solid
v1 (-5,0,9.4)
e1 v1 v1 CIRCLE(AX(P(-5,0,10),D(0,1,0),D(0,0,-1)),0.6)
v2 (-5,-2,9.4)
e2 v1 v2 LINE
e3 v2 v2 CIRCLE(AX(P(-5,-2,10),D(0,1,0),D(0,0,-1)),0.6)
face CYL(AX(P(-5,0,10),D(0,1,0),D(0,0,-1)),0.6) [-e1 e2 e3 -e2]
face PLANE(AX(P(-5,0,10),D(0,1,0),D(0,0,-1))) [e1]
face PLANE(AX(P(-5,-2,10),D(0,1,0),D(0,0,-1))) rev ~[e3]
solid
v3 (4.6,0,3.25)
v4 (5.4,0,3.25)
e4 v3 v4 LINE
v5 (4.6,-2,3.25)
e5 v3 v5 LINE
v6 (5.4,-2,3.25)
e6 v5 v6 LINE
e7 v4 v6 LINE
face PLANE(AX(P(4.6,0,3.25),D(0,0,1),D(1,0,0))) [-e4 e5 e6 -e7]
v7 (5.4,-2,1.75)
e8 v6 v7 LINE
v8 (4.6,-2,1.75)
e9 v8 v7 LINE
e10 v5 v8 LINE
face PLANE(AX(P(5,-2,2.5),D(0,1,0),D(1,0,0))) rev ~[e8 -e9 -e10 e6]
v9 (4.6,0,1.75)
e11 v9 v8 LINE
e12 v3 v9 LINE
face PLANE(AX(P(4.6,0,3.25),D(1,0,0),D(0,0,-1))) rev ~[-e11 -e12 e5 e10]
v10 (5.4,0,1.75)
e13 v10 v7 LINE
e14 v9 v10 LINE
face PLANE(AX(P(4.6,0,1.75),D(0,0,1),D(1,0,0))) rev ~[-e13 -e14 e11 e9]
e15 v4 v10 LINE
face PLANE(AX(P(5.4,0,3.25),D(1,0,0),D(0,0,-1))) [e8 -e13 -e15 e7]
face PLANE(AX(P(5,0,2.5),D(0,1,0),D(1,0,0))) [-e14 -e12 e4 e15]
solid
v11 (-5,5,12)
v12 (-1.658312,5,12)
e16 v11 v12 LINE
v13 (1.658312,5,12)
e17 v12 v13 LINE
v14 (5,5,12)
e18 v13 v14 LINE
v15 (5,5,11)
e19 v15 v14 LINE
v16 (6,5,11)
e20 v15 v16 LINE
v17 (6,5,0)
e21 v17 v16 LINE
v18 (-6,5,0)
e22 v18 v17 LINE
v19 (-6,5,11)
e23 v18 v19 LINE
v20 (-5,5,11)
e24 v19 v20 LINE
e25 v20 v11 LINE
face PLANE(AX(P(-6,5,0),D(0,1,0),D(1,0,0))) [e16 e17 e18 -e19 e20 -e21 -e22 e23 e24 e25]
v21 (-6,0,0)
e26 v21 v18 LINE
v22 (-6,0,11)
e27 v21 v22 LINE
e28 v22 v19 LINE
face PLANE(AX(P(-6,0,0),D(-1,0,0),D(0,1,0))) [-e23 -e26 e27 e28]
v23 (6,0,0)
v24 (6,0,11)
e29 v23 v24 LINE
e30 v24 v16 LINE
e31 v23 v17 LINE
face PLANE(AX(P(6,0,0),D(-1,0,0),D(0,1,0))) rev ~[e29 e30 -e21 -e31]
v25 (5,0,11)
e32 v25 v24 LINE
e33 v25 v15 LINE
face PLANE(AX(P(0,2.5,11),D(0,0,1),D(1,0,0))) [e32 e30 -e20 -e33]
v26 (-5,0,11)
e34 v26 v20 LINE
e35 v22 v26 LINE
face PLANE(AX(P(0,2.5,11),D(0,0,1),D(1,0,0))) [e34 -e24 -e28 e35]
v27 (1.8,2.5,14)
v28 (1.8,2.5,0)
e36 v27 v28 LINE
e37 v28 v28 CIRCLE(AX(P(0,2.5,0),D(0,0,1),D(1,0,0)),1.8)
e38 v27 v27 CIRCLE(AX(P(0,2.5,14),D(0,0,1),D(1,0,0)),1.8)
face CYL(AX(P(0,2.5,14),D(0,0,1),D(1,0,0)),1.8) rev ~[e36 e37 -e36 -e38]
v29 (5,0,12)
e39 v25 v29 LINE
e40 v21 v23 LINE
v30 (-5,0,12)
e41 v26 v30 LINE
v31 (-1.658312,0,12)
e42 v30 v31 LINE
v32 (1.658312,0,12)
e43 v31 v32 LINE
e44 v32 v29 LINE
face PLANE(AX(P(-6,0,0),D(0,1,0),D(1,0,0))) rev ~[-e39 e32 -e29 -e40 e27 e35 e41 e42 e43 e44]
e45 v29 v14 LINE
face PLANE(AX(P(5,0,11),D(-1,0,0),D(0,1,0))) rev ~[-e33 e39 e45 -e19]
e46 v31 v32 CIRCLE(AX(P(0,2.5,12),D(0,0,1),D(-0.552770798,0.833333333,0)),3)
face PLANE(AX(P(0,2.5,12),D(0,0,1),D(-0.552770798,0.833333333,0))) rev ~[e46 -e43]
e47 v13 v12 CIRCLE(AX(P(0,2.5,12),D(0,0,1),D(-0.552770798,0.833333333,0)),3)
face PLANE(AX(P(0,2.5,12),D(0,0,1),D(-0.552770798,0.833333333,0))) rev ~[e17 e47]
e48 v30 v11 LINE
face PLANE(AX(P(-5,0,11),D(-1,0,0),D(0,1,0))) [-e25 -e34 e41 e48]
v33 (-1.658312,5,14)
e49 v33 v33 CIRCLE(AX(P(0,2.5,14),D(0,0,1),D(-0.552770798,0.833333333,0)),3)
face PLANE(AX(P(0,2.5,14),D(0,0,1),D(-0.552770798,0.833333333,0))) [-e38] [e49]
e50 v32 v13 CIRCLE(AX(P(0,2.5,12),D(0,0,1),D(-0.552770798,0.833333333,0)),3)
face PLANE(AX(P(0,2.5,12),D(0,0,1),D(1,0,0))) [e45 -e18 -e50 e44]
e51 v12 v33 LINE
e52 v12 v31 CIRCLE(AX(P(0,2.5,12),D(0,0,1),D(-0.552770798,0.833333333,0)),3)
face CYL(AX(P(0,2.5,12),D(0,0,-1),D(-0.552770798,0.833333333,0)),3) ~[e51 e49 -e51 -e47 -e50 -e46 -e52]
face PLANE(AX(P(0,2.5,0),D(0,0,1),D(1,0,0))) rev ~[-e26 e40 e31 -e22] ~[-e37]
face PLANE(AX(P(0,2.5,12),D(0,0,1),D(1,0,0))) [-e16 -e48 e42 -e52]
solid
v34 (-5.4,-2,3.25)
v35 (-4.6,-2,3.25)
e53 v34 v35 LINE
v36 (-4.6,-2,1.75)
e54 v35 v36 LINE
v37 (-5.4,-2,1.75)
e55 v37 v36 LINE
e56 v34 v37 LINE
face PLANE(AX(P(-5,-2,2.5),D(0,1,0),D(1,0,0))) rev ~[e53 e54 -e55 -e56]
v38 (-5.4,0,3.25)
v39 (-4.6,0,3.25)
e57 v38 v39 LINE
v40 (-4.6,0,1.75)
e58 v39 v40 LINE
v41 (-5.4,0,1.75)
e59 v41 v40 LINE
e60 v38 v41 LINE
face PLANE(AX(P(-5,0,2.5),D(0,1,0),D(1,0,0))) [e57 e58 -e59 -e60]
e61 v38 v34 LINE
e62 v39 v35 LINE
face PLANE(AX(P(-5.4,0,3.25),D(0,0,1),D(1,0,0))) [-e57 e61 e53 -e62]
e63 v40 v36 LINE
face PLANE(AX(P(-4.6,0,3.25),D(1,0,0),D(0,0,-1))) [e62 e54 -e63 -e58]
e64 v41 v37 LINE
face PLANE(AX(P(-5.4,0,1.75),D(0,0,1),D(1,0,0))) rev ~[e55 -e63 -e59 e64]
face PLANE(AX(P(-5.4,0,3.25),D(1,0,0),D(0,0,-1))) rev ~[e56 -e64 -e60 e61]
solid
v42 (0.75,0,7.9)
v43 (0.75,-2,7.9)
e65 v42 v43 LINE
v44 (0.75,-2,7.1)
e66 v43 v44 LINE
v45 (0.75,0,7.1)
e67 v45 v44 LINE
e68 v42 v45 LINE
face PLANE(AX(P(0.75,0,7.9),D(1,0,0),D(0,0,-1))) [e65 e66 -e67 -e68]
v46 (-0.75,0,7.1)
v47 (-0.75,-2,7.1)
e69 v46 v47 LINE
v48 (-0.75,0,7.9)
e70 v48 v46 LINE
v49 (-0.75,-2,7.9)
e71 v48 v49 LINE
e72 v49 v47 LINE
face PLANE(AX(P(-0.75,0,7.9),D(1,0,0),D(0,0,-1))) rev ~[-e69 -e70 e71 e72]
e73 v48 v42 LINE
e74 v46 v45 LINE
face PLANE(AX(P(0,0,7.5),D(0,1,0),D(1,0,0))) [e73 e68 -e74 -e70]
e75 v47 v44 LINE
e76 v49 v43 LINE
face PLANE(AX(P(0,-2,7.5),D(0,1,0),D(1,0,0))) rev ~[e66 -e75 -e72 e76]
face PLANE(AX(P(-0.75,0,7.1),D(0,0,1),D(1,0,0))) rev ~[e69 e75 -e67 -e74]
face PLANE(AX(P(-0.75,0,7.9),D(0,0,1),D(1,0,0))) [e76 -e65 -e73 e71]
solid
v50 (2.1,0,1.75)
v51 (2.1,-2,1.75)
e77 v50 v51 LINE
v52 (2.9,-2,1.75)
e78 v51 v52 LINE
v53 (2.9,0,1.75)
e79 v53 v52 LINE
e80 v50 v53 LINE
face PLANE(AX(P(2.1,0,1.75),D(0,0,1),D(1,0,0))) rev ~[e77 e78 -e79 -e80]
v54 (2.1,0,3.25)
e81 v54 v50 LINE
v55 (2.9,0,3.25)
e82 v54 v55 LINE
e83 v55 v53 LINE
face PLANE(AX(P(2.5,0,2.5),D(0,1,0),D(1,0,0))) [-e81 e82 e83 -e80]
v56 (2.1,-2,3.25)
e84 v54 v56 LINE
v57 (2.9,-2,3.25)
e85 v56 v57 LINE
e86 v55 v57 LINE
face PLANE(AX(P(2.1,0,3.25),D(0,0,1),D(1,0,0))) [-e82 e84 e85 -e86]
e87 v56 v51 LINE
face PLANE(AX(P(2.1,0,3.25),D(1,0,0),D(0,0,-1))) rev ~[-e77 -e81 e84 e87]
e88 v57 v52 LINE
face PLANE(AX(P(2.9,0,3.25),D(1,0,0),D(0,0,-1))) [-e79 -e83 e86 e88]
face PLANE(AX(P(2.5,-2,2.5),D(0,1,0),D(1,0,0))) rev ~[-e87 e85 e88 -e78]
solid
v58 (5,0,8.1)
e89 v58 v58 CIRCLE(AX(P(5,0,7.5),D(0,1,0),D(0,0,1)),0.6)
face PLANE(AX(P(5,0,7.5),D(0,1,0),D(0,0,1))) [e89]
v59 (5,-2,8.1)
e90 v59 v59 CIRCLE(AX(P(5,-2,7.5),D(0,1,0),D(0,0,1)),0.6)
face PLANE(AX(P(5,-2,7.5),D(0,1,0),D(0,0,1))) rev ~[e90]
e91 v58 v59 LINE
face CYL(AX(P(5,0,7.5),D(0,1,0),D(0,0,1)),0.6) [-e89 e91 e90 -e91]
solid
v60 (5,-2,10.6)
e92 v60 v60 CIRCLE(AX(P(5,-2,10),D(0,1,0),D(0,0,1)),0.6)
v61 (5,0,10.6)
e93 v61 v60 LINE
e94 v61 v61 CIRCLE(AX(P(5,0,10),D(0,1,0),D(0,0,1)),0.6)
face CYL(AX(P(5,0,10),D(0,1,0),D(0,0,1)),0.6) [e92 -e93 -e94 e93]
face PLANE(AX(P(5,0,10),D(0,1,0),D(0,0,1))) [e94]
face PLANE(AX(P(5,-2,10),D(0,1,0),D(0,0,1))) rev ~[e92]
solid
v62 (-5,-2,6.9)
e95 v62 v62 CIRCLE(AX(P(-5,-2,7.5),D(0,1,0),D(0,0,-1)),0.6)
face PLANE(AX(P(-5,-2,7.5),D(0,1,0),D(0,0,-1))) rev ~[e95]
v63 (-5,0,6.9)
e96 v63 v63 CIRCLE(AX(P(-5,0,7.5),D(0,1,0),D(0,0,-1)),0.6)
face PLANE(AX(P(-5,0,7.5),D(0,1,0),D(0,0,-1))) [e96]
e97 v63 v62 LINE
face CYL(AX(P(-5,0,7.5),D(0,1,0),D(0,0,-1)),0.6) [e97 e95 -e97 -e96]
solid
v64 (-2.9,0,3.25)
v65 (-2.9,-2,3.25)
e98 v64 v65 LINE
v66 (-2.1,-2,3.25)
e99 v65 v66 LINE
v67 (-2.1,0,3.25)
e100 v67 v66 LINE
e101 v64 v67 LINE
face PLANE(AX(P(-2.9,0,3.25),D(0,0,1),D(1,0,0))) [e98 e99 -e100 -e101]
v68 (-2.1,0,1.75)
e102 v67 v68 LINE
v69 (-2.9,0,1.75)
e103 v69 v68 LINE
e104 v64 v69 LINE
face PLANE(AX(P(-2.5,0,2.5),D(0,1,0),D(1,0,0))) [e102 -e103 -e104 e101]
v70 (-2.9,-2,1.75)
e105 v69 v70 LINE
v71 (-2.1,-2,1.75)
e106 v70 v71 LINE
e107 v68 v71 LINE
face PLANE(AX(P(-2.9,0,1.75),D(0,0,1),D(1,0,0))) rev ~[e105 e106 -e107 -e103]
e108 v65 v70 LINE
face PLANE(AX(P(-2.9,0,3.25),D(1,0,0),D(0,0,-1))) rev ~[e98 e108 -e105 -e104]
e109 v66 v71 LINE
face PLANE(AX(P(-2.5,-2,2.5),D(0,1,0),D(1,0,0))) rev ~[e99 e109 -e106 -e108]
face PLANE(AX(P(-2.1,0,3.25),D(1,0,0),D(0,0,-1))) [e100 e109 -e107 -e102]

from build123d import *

# Parameters (mm, degrees)
SKETCH_1_W          = 12
SKETCH_1_H          = 5
EXTRUDE_1_DEPTH     = 11
SKETCH_2_R          = 0.6
EXTRUDE_2_DEPTH     = 2
EXTRUDE_2_2_DEPTH   = 2
EXTRUDE_2_3_DEPTH   = 2
EXTRUDE_2_4_DEPTH   = 2
SKETCH_2_W          = 0.8
SKETCH_2_H          = 1.5
EXTRUDE_2_5_DEPTH   = 2
EXTRUDE_2_6_DEPTH   = 2
SKETCH_2_W_2        = 1.5
SKETCH_2_H_2        = 0.8
EXTRUDE_2_7_DEPTH   = 2
EXTRUDE_2_8_DEPTH   = 2
EXTRUDE_2_9_DEPTH   = 2
SKETCH_3_W          = 10
SKETCH_3_H          = 5
EXTRUDE_3_DEPTH     = 1
SKETCH_4_R          = 3
EXTRUDE_4_DEPTH     = 2
SKETCH_5_R          = 1.8
CUT_EXTRUDE_1_DEPTH = 14


with BuildPart() as part:
    # Эскиз1 → Бобышка-Вытянуть1 (new body)
    with BuildSketch(Plane.XY):
        with Locations((0, 2.5)):
            Rectangle(SKETCH_1_W, SKETCH_1_H)
    extrude(amount=EXTRUDE_1_DEPTH)

    # Эскиз3 → Бобышка-Вытянуть3 (add)
    with BuildSketch(Plane.XY.offset(11)):
        with Locations((0, 2.5)):
            Rectangle(SKETCH_3_W, SKETCH_3_H)
    extrude(amount=EXTRUDE_3_DEPTH)

    # Эскиз4 → Бобышка-Вытянуть4 (add)
    with BuildSketch(Plane.XY.offset(12)):
        with Locations(Location((0, 2.5, 0), (0, 0, 123.557309762))):
            Circle(SKETCH_4_R)
    extrude(amount=EXTRUDE_4_DEPTH)

    # Эскиз5 → Вырез-Вытянуть1 (cut)
    with BuildSketch(Plane.XY.offset(14)):
        with Locations((0, 2.5)):
            Circle(SKETCH_5_R)
    extrude(amount=-CUT_EXTRUDE_1_DEPTH, mode=Mode.SUBTRACT)


with BuildPart() as body_2:
    # Эскиз2 → Бобышка-Вытянуть2 (new body)
    with BuildSketch(Plane(origin=(0, 0, 0), x_dir=(1, 0, 0), z_dir=(0, 1, 0))):
        with Locations(Location((5, -10, 0), (0, 0, 270))):
            Circle(SKETCH_2_R)
    extrude(amount=-EXTRUDE_2_DEPTH)


with BuildPart() as body_3:
    # Эскиз2 → Extrude 2 2 (new body)
    with BuildSketch(Plane(origin=(0, 0, 0), x_dir=(1, 0, 0), z_dir=(0, 1, 0))):
        with Locations(Location((5, -7.5, 0), (0, 0, 270))):
            Circle(SKETCH_2_R)
    extrude(amount=-EXTRUDE_2_2_DEPTH)


with BuildPart() as body_4:
    # Эскиз2 → Extrude 2 3 (new body)
    with BuildSketch(Plane(origin=(0, 0, 0), x_dir=(1, 0, 0), z_dir=(0, 1, 0))):
        with Locations(Location((-5, -10, 0), (0, 0, 90))):
            Circle(SKETCH_2_R)
    extrude(amount=-EXTRUDE_2_3_DEPTH)


with BuildPart() as body_5:
    # Эскиз2 → Extrude 2 4 (new body)
    with BuildSketch(Plane(origin=(0, 0, 0), x_dir=(1, 0, 0), z_dir=(0, 1, 0))):
        with Locations(Location((-5, -7.5, 0), (0, 0, 90))):
            Circle(SKETCH_2_R)
    extrude(amount=-EXTRUDE_2_4_DEPTH)


with BuildPart() as body_6:
    # Эскиз2 → Extrude 2 5 (new body)
    with BuildSketch(Plane(origin=(0, 0, 0), x_dir=(1, 0, 0), z_dir=(0, 1, 0))):
        with Locations((5, -2.5)):
            Rectangle(SKETCH_2_W, SKETCH_2_H)
    extrude(amount=-EXTRUDE_2_5_DEPTH)


with BuildPart() as body_7:
    # Эскиз2 → Extrude 2 6 (new body)
    with BuildSketch(Plane(origin=(0, 0, 0), x_dir=(1, 0, 0), z_dir=(0, 1, 0))):
        with Locations((2.5, -2.5)):
            Rectangle(SKETCH_2_W, SKETCH_2_H)
    extrude(amount=-EXTRUDE_2_6_DEPTH)


with BuildPart() as body_8:
    # Эскиз2 → Extrude 2 7 (new body)
    with BuildSketch(Plane(origin=(0, 0, 0), x_dir=(1, 0, 0), z_dir=(0, 1, 0))):
        with Locations((0, -7.5)):
            Rectangle(SKETCH_2_W_2, SKETCH_2_H_2)
    extrude(amount=-EXTRUDE_2_7_DEPTH)


with BuildPart() as body_9:
    # Эскиз2 → Extrude 2 8 (new body)
    with BuildSketch(Plane(origin=(0, 0, 0), x_dir=(1, 0, 0), z_dir=(0, 1, 0))):
        with Locations((-2.5, -2.5)):
            Rectangle(SKETCH_2_W, SKETCH_2_H)
    extrude(amount=-EXTRUDE_2_8_DEPTH)


with BuildPart() as body_10:
    # Эскиз2 → Extrude 2 9 (new body)
    with BuildSketch(Plane(origin=(0, 0, 0), x_dir=(1, 0, 0), z_dir=(0, 1, 0))):
        with Locations((-5, -2.5)):
            Rectangle(SKETCH_2_W, SKETCH_2_H)
    extrude(amount=-EXTRUDE_2_9_DEPTH)


solid = Compound([part.part, body_2.part, body_3.part, body_4.part, body_5.part, body_6.part, body_7.part, body_8.part, body_9.part, body_10.part])
